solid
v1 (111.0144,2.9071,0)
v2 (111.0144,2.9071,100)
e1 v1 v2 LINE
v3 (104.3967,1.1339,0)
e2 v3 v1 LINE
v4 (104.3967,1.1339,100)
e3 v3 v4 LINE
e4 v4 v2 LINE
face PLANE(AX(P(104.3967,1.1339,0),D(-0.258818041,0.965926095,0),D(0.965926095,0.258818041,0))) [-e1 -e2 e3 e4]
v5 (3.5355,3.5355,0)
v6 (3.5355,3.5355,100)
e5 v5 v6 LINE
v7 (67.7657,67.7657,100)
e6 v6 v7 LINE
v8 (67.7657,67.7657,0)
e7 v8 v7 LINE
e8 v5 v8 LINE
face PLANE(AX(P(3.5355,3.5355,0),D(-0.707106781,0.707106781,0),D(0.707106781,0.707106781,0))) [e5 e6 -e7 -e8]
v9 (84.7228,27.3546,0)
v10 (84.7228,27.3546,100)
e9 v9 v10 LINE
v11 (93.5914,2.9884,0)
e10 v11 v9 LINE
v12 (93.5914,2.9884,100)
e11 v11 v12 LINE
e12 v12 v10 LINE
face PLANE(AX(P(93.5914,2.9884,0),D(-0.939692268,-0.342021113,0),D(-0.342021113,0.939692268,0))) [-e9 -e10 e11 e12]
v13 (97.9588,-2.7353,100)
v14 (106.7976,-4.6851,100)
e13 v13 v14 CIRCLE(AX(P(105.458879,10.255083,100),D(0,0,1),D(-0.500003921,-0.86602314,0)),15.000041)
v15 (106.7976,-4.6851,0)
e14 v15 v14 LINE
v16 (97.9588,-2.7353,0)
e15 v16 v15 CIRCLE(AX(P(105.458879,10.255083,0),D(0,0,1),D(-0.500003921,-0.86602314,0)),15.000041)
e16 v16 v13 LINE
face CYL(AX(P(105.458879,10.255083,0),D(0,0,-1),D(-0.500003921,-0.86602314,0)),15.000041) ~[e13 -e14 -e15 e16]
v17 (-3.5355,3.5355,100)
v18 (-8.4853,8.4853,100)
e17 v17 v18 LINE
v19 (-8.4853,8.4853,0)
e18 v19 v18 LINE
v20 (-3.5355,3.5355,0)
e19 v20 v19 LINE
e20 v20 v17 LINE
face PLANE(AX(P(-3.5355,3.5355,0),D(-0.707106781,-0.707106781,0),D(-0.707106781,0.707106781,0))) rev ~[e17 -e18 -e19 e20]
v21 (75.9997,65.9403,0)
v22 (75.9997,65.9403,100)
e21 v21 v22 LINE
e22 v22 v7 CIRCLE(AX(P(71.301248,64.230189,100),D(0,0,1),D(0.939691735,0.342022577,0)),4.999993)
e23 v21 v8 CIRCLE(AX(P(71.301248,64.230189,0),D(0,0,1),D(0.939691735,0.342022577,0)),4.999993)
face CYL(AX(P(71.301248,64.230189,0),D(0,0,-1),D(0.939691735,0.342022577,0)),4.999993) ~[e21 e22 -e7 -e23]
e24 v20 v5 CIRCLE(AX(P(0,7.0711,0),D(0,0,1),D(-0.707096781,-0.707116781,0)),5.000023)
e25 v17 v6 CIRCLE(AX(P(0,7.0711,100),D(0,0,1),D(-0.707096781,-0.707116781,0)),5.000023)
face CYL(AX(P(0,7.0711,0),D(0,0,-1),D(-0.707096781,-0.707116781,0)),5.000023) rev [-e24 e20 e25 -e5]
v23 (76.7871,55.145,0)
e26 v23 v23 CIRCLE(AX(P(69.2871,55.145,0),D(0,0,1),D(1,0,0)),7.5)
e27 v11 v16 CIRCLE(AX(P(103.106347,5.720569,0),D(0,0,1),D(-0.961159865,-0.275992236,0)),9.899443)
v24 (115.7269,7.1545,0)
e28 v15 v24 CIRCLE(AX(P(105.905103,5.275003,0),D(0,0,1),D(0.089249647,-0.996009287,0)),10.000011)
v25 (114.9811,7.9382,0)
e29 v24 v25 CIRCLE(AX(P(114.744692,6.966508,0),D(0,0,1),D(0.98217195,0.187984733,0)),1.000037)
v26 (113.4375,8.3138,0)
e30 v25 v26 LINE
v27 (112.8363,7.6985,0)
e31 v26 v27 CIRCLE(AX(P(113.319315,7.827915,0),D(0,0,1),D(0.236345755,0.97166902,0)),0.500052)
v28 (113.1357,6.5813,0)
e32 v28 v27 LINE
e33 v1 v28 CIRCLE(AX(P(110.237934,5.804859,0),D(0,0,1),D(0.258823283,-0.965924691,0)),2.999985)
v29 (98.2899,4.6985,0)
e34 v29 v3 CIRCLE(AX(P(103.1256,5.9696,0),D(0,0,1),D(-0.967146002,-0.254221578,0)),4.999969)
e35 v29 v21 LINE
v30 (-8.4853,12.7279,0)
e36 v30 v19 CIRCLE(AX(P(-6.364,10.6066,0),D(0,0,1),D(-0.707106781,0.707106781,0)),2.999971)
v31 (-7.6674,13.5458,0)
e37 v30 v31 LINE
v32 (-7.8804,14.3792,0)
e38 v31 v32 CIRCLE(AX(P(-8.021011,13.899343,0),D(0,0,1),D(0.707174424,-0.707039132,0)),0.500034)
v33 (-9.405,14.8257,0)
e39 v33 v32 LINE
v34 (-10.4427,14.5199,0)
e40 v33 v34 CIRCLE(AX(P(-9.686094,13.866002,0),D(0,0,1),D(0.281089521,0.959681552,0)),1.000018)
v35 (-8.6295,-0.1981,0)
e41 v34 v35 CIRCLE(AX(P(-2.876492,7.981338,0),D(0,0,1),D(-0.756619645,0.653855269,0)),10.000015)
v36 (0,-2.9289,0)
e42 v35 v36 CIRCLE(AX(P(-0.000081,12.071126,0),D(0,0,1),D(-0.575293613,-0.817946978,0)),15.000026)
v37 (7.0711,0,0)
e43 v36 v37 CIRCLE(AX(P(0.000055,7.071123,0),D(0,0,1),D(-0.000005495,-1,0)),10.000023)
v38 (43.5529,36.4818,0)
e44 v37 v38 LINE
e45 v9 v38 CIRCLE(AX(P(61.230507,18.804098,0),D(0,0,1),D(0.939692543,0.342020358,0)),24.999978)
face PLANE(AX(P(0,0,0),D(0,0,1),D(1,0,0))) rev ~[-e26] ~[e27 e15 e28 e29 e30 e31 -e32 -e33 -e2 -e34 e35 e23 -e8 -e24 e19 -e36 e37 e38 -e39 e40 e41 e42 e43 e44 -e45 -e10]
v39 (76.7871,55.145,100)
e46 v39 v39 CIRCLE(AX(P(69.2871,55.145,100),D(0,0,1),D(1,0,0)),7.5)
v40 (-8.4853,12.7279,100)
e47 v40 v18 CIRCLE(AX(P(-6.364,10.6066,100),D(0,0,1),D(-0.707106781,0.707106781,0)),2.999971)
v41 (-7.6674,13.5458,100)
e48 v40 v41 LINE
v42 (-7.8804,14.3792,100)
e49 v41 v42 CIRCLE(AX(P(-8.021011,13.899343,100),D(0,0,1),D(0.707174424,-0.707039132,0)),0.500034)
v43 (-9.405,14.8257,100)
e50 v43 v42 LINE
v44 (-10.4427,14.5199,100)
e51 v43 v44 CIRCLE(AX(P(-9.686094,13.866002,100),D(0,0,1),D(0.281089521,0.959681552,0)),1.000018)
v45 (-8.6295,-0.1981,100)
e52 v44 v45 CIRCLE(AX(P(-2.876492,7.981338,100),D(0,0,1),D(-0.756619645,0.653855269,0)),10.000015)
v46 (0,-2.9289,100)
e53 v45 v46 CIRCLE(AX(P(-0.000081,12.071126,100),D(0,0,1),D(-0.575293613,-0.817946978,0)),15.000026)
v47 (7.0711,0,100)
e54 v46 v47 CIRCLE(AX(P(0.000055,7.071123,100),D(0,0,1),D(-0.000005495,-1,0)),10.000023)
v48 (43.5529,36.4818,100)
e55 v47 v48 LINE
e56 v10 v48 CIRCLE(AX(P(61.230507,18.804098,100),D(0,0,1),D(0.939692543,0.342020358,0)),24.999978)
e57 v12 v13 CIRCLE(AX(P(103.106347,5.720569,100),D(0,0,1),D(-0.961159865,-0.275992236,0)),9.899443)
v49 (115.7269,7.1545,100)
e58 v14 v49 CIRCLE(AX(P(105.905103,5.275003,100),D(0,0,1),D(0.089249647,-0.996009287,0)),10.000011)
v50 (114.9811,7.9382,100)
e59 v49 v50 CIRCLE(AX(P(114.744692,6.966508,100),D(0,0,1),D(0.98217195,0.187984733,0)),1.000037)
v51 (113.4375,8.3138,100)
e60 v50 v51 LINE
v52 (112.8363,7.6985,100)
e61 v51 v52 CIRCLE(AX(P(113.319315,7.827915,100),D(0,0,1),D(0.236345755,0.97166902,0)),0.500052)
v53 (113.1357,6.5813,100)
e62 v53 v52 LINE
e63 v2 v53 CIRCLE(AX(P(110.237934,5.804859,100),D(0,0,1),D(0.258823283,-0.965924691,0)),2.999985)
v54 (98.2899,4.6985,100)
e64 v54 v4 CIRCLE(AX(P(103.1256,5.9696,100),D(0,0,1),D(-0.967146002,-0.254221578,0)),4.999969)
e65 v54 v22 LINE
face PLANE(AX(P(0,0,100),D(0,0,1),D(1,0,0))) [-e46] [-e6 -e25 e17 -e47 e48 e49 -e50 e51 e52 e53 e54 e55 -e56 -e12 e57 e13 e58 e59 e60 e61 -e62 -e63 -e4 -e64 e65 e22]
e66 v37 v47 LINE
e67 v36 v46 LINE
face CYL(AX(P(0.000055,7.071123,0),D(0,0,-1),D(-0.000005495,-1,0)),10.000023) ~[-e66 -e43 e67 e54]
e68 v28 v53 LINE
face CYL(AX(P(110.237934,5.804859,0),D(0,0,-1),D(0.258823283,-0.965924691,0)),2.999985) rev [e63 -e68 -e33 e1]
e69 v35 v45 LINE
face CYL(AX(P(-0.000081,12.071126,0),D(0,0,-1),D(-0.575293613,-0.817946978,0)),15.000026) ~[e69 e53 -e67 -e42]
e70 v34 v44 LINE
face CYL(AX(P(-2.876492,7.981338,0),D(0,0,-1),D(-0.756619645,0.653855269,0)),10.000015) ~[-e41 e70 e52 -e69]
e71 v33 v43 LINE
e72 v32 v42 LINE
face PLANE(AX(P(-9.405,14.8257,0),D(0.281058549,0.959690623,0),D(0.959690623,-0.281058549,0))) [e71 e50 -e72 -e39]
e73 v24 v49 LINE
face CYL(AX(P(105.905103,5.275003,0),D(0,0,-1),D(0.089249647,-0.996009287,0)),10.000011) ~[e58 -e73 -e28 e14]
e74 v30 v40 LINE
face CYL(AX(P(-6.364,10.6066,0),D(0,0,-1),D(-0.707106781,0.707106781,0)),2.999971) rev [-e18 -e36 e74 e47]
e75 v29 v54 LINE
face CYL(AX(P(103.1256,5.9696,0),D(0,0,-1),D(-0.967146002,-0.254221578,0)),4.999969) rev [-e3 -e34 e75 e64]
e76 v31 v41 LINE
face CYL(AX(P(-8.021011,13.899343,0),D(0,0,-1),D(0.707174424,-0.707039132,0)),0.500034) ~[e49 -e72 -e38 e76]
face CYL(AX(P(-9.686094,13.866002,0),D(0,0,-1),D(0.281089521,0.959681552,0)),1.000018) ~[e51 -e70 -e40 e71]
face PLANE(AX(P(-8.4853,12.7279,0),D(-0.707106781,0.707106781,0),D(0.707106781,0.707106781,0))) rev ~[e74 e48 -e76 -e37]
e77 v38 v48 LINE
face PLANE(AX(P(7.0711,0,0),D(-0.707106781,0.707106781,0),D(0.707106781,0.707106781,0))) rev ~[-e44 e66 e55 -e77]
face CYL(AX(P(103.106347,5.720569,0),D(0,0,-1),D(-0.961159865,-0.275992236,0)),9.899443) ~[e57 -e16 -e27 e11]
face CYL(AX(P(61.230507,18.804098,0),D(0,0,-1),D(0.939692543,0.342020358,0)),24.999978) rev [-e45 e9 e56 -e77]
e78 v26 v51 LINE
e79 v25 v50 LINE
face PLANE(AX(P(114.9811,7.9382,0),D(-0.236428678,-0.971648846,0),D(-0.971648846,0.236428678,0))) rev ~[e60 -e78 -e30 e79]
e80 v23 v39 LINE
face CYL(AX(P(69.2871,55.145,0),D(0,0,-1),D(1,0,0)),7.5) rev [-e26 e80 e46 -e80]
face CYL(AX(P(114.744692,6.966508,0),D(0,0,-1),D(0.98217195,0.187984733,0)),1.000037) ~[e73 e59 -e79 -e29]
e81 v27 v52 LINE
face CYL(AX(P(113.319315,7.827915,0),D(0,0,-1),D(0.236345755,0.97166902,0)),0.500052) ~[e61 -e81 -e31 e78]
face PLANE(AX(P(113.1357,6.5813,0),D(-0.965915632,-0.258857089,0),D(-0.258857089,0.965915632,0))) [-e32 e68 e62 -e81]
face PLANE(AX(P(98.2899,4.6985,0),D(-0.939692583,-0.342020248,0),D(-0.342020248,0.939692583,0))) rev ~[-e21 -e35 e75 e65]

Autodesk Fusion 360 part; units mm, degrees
sketch "Sketch1" plane through (0, 0, 0) normal (0, 0, 1) x (1, 0, 0)
  line L0 (3.5355, 3.5355) -> (67.7657, 67.7657)
  line L1 (98.2899, 4.6985) -> (75.9997, 65.9403)
  line L2 (-3.5355, 3.5355) -> (-8.4853, 8.4853)
  arc A0 (75.9997, 65.9403) -> (67.7657, 67.7657) centre (71.3012, 64.2302) ccw
  line L3 (-8.4853, 12.7279) -> (-7.6674, 13.5458)
  line L4 (-10.6066, 10.6066) -> (-5.6066, 10.6066) construction
  arc A1 (-3.5355, 3.5355) -> (3.5355, 3.5355) centre (0, 7.0711) ccw
  arc A2 (-8.4853, 12.7279) -> (-8.4853, 8.4853) centre (-6.364, 10.6066) ccw
  line L5 (7.0711, 0) -> (43.5529, 36.4818)
  line L6 (93.5914, 2.9884) -> (84.7228, 27.3546)
  arc A3 (84.7228, 27.3546) -> (43.5529, 36.4818) centre (61.2305, 18.8041) ccw
  circle A4 centre (69.2871, 55.145) radius 7.5
  arc A5 (0, -2.9289) -> (7.0711, 0) centre (0, 7.0711) ccw
  line L7 (0, -2.9289) -> (0, -2.9289)
  line L8 (-9.9476, 15.0524) -> (-10, 15)
  line L9 (-9.405, 14.8257) -> (-7.8804, 14.3792)
  arc A6 (-8.6295, -0.1981) -> (0, -2.9289) centre (0, 12.0711) ccw
  arc A7 (-10.4427, 14.5199) -> (-8.6295, -0.1981) centre (-2.8765, 7.9814) ccw
  arc A8 (-9.405, 14.8257) -> (-10.4427, 14.5199) centre (-9.6861, 13.866) ccw
  arc A9 (-7.6674, 13.5458) -> (-7.8804, 14.3792) centre (-8.021, 13.8993) ccw
  arc A10 (111.0144, 2.9071) -> (113.1357, 6.5813) centre (110.2379, 5.8048) ccw
  line L10 (97.9588, -2.7353) -> (97.9588, -2.7353)
  arc A11 (98.2899, 4.6985) -> (104.3967, 1.1339) centre (103.1256, 5.9696) ccw
  line L11 (115.5643, 7.8632) -> (115.5835, 7.7916)
  arc A12 (113.4375, 8.3138) -> (112.8363, 7.6985) centre (113.3193, 7.8279) ccw
  line L12 (104.3967, 1.1339) -> (111.0144, 2.9071)
  arc A13 (115.7269, 7.1545) -> (114.9811, 7.9382) centre (114.7447, 6.9665) ccw
  line L13 (113.1357, 6.5813) -> (112.8363, 7.6985)
  arc A14 (106.7976, -4.6851) -> (115.7269, 7.1545) centre (105.9051, 5.275) ccw
  line L14 (114.9811, 7.9382) -> (113.4375, 8.3138)
  arc A15 (93.5914, 2.9884) -> (97.9588, -2.7353) centre (103.1064, 5.7205) ccw
  arc A16 (97.9588, -2.7353) -> (106.7976, -4.6851) centre (105.4588, 10.2551) ccw
  point P0 (100, 0)
  point P1 (-7.0711, 14.1421)
  point P2 (95.6559, -0.9674)
  point P3 (102.727, -0.9674)
  point P4 (99.4233, -0.1988)
  point P5 (112.6181, 8.5131)
  dimension "d2" = 100
  dimension "d6" = 15
  dimension "d9" = 5
  dimension "d10" = 45
  dimension "d11" = 5
  dimension "d13" = 5
  dimension "d15" = 3
  dimension "d19" = 25
  dimension "d20" = 15
  dimension "d21" = 10
  dimension "d23" = 10
  dimension "d26" = 15
  dimension "d27" = 10
  dimension "d28" = 1
  dimension "d29" = 0.5
extrude "Extrude1" add sketch "Sketch1" along normal blind 100
sketch "Sketch2" plane through (0, 0, 0) normal (-0.7071, 0.7071, 0) x (-0.7071, -0.7071, 0)
  line L0 (-95.8352, 0) -> (-5, 0)
  line L1 (-5, 0) -> (-5, 100)
  line L2 (-5, 100) -> (-95.8352, 100)
  line L3 (-95.8352, 100) -> (-95.8352, 0)
  ellipse E0 centre (-30, 50) end of major axis (-30, 90) minor radius 20
  line L4 (-30, 10) -> (-30, 90)
  line L5 (-10, 50) -> (-50, 50)
sketch "Sketch3" plane through (88.3022, 32.1394, 0) normal (0.9397, 0.342, 0) x (-0.342, 0.9397, 0)
  line L0 (-29.202, 0) -> (35.9702, 0)
  line L1 (35.9702, 0) -> (35.9702, 100)
  line L2 (35.9702, 100) -> (-29.202, 100)
  line L3 (-29.202, 100) -> (-29.202, 0)
  ellipse E0 centre (-15, 50) end of major axis (-15, 90) minor radius 10
  line L4 (-15, 10) -> (-15, 90)
  line L5 (-5, 50) -> (-25, 50)
  dimension "d35" = 20
extrude "Extrude3" [suppressed]
extrude "Extrude4" [suppressed]
